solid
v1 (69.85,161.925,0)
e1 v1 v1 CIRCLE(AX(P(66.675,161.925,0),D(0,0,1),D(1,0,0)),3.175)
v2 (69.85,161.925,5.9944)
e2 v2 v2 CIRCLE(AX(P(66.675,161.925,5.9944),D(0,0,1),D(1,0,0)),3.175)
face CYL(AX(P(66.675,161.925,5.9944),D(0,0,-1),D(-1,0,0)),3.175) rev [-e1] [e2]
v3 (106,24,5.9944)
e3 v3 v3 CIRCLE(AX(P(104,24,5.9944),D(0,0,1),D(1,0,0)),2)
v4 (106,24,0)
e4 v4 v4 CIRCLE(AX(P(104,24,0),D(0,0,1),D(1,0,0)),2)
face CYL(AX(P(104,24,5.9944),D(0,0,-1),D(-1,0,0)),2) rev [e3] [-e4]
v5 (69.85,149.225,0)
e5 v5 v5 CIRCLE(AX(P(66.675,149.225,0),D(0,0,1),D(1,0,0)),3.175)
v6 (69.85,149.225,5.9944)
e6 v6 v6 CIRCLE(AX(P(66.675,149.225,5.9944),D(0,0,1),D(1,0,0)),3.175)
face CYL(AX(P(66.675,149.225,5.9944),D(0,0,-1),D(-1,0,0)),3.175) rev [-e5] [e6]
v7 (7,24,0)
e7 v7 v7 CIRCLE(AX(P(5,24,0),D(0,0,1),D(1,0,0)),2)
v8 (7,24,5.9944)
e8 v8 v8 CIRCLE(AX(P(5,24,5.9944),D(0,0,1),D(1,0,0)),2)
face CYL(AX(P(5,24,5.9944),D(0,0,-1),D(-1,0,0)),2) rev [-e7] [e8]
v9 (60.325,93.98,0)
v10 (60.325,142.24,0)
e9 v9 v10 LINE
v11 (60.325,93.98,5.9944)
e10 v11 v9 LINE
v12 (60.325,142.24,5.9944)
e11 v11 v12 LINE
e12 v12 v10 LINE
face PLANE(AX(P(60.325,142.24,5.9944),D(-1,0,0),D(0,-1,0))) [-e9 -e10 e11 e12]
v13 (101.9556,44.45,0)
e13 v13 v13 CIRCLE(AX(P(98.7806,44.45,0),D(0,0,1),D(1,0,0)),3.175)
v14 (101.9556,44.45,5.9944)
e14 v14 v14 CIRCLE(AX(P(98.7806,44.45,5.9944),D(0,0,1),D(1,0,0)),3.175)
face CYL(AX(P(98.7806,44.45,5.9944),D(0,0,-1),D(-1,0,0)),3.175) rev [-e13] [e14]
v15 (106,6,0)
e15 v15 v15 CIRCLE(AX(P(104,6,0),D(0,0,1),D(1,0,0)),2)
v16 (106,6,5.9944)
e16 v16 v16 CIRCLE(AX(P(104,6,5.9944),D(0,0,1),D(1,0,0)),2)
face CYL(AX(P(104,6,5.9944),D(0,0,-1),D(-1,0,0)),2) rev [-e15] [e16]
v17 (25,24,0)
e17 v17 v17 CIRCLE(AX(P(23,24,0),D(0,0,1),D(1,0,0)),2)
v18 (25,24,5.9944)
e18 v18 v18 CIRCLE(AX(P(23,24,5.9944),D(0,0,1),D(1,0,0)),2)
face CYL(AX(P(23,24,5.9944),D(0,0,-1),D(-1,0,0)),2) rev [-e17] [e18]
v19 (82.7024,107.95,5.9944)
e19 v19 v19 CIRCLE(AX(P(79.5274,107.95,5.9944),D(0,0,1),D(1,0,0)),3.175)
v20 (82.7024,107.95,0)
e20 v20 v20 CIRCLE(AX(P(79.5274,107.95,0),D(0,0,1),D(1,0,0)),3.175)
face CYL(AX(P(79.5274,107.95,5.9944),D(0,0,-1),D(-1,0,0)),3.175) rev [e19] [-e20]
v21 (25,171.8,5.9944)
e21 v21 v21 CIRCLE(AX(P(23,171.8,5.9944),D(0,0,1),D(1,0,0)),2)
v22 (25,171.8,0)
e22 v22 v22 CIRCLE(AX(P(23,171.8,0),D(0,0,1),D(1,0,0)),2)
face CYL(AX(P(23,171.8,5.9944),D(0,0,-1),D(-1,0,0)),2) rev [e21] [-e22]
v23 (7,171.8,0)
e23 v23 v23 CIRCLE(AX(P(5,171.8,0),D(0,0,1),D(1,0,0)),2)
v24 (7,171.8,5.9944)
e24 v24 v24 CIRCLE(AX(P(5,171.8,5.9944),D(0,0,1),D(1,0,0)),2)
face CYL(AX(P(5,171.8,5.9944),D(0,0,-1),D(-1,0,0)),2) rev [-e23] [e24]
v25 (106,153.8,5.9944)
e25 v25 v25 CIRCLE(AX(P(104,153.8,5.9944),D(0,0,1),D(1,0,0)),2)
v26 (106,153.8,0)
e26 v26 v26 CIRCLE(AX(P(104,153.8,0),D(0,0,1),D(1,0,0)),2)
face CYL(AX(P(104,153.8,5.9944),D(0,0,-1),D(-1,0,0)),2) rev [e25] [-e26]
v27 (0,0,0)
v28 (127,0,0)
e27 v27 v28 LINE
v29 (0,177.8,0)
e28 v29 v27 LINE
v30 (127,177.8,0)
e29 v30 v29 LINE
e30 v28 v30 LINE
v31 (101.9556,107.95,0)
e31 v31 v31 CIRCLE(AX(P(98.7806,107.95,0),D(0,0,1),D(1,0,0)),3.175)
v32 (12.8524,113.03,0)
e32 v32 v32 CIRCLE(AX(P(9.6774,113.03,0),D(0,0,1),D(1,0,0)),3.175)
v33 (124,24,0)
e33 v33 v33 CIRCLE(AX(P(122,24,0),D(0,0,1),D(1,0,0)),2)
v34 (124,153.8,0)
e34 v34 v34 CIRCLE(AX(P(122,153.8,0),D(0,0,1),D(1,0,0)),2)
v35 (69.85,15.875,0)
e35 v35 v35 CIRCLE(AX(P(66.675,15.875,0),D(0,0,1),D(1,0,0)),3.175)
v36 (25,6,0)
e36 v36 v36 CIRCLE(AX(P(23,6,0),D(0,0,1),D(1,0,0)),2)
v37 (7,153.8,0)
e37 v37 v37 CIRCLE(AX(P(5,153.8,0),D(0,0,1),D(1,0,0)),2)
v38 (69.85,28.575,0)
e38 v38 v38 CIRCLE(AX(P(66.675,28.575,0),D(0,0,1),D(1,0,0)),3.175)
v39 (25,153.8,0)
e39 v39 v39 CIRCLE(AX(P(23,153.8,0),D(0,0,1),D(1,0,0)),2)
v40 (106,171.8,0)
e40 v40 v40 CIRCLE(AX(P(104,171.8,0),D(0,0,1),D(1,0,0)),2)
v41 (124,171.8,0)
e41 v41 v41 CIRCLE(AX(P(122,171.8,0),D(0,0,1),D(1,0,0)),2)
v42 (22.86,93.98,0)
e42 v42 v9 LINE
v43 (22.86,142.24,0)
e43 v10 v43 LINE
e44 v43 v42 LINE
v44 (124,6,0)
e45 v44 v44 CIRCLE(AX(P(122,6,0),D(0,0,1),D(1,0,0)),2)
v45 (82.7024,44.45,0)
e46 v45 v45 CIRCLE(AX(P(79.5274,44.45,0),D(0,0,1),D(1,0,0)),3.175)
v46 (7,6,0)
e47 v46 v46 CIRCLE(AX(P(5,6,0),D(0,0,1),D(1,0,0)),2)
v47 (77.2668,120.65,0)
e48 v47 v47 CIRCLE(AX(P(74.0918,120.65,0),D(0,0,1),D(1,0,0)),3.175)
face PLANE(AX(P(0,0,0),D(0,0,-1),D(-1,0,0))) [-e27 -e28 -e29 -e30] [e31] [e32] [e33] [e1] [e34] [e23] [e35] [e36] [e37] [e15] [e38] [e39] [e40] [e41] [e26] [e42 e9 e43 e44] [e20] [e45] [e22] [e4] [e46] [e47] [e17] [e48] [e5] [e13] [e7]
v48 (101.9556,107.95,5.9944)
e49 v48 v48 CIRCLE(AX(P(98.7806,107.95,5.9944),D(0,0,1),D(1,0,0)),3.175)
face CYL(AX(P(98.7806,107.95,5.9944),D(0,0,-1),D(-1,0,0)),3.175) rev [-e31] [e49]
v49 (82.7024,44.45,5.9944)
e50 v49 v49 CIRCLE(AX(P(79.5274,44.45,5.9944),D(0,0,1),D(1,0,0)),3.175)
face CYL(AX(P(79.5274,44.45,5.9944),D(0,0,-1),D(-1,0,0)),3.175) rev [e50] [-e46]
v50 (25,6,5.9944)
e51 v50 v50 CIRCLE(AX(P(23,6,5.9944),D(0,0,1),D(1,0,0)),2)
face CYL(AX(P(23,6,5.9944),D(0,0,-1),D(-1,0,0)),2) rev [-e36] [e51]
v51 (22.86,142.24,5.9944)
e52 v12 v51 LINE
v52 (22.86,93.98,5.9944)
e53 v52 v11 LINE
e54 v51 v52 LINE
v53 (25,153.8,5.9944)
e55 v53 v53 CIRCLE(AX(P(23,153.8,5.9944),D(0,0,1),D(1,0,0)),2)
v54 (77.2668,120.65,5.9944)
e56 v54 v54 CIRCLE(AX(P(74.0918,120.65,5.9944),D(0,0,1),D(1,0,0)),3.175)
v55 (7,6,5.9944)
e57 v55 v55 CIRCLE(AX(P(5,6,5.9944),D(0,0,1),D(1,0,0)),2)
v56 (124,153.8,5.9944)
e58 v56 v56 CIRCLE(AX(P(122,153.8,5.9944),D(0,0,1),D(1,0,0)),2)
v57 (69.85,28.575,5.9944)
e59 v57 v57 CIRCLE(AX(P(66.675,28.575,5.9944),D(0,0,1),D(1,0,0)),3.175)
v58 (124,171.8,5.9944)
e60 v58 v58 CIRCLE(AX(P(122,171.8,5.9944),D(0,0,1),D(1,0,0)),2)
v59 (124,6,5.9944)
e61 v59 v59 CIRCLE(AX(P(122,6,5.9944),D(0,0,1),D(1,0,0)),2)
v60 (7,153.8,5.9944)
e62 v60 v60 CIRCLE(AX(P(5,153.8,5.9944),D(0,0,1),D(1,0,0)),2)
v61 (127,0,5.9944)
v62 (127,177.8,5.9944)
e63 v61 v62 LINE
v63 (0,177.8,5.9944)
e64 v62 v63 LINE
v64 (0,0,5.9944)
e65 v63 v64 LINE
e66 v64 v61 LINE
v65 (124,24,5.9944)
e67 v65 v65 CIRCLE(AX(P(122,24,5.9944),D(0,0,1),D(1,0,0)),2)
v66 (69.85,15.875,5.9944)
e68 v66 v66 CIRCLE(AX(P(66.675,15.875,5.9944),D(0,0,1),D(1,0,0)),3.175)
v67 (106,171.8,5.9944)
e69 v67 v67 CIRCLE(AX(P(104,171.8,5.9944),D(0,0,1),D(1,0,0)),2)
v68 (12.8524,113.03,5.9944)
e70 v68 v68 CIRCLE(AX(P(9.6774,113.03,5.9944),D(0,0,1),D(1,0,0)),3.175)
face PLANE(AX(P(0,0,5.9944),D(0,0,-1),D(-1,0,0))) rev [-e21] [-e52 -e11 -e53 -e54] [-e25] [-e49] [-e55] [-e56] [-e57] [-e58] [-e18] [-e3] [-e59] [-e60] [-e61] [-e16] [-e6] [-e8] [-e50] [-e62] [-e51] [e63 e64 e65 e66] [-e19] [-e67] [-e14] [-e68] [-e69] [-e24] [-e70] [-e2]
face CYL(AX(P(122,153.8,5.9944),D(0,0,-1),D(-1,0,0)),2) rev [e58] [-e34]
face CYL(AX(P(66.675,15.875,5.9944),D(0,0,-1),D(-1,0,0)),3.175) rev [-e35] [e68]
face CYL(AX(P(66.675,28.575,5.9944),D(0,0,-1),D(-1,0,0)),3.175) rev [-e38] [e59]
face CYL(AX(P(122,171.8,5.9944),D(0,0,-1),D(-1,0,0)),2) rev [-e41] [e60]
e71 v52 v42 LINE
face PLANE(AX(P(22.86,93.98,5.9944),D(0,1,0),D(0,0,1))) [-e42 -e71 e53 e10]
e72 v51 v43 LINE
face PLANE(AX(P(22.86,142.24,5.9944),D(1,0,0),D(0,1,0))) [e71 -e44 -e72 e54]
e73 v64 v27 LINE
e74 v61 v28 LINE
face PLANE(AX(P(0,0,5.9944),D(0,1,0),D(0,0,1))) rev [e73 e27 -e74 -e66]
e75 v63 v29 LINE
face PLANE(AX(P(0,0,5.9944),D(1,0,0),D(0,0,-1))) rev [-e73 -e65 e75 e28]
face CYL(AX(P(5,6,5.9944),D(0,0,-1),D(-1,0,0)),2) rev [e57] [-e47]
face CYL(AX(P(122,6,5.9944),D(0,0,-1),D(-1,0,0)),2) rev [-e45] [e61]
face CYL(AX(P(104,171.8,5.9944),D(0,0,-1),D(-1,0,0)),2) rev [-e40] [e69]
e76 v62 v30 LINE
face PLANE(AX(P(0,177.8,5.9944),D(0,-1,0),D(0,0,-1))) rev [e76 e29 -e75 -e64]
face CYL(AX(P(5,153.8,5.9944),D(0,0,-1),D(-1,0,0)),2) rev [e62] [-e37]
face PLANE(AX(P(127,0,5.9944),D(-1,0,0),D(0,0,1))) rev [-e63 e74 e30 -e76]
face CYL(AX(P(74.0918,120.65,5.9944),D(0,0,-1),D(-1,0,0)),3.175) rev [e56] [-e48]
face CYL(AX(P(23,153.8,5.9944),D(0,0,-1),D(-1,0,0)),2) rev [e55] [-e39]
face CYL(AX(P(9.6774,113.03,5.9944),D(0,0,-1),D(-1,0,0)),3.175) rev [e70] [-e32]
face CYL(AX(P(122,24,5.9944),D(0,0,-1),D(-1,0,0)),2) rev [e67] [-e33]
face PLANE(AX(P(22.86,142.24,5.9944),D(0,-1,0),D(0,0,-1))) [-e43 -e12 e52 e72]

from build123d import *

# Parameters (mm, degrees)
SKETCH1_W           = 127
SKETCH1_H           = 177.8
SKETCH1_R           = 2
SKETCH1_R_2         = 3.175
SKETCH1_W_2         = 37.465
SKETCH1_H_2         = 48.26
BOSS_EXTRUDE1_DEPTH = 5.9944


with BuildPart() as part:
    # Sketch1 → Boss-Extrude1 (new body)
    with BuildSketch(Plane.XY):
        with Locations((63.5, 88.9)):
            Rectangle(SKETCH1_W, SKETCH1_H)
        with Locations((5, 171.8)):
            Circle(SKETCH1_R, mode=Mode.SUBTRACT)
        with Locations((23, 171.8)):
            Circle(SKETCH1_R, mode=Mode.SUBTRACT)
        with Locations((5, 153.8)):
            Circle(SKETCH1_R, mode=Mode.SUBTRACT)
        with Locations((23, 153.8)):
            Circle(SKETCH1_R, mode=Mode.SUBTRACT)
        with Locations((104, 171.8)):
            Circle(SKETCH1_R, mode=Mode.SUBTRACT)
        with Locations((122, 171.8)):
            Circle(SKETCH1_R, mode=Mode.SUBTRACT)
        with Locations((104, 153.8)):
            Circle(SKETCH1_R, mode=Mode.SUBTRACT)
        with Locations((122, 153.8)):
            Circle(SKETCH1_R, mode=Mode.SUBTRACT)
        with Locations((23, 24)):
            Circle(SKETCH1_R, mode=Mode.SUBTRACT)
        with Locations((5, 24)):
            Circle(SKETCH1_R, mode=Mode.SUBTRACT)
        with Locations((5, 6)):
            Circle(SKETCH1_R, mode=Mode.SUBTRACT)
        with Locations((23, 6)):
            Circle(SKETCH1_R, mode=Mode.SUBTRACT)
        with Locations((122, 24)):
            Circle(SKETCH1_R, mode=Mode.SUBTRACT)
        with Locations((104, 24)):
            Circle(SKETCH1_R, mode=Mode.SUBTRACT)
        with Locations((104, 6)):
            Circle(SKETCH1_R, mode=Mode.SUBTRACT)
        with Locations((122, 6)):
            Circle(SKETCH1_R, mode=Mode.SUBTRACT)
        with Locations((98.7806, 44.45)):
            Circle(SKETCH1_R_2, mode=Mode.SUBTRACT)
        with Locations((79.5274, 44.45)):
            Circle(SKETCH1_R_2, mode=Mode.SUBTRACT)
        with Locations((79.5274, 107.95)):
            Circle(SKETCH1_R_2, mode=Mode.SUBTRACT)
        with Locations((98.7806, 107.95)):
            Circle(SKETCH1_R_2, mode=Mode.SUBTRACT)
        with Locations((9.6774, 113.03)):
            Circle(SKETCH1_R_2, mode=Mode.SUBTRACT)
        with Locations((74.0918, 120.65)):
            Circle(SKETCH1_R_2, mode=Mode.SUBTRACT)
        with Locations((66.675, 15.875)):
            Circle(SKETCH1_R_2, mode=Mode.SUBTRACT)
        with Locations((66.675, 161.925)):
            Circle(SKETCH1_R_2, mode=Mode.SUBTRACT)
        with Locations((66.675, 149.225)):
            Circle(SKETCH1_R_2, mode=Mode.SUBTRACT)
        with Locations((66.675, 28.575)):
            Circle(SKETCH1_R_2, mode=Mode.SUBTRACT)
        with Locations((41.5925, 118.11)):
            Rectangle(SKETCH1_W_2, SKETCH1_H_2, mode=Mode.SUBTRACT)
    extrude(amount=BOSS_EXTRUDE1_DEPTH)


solid = part.part
